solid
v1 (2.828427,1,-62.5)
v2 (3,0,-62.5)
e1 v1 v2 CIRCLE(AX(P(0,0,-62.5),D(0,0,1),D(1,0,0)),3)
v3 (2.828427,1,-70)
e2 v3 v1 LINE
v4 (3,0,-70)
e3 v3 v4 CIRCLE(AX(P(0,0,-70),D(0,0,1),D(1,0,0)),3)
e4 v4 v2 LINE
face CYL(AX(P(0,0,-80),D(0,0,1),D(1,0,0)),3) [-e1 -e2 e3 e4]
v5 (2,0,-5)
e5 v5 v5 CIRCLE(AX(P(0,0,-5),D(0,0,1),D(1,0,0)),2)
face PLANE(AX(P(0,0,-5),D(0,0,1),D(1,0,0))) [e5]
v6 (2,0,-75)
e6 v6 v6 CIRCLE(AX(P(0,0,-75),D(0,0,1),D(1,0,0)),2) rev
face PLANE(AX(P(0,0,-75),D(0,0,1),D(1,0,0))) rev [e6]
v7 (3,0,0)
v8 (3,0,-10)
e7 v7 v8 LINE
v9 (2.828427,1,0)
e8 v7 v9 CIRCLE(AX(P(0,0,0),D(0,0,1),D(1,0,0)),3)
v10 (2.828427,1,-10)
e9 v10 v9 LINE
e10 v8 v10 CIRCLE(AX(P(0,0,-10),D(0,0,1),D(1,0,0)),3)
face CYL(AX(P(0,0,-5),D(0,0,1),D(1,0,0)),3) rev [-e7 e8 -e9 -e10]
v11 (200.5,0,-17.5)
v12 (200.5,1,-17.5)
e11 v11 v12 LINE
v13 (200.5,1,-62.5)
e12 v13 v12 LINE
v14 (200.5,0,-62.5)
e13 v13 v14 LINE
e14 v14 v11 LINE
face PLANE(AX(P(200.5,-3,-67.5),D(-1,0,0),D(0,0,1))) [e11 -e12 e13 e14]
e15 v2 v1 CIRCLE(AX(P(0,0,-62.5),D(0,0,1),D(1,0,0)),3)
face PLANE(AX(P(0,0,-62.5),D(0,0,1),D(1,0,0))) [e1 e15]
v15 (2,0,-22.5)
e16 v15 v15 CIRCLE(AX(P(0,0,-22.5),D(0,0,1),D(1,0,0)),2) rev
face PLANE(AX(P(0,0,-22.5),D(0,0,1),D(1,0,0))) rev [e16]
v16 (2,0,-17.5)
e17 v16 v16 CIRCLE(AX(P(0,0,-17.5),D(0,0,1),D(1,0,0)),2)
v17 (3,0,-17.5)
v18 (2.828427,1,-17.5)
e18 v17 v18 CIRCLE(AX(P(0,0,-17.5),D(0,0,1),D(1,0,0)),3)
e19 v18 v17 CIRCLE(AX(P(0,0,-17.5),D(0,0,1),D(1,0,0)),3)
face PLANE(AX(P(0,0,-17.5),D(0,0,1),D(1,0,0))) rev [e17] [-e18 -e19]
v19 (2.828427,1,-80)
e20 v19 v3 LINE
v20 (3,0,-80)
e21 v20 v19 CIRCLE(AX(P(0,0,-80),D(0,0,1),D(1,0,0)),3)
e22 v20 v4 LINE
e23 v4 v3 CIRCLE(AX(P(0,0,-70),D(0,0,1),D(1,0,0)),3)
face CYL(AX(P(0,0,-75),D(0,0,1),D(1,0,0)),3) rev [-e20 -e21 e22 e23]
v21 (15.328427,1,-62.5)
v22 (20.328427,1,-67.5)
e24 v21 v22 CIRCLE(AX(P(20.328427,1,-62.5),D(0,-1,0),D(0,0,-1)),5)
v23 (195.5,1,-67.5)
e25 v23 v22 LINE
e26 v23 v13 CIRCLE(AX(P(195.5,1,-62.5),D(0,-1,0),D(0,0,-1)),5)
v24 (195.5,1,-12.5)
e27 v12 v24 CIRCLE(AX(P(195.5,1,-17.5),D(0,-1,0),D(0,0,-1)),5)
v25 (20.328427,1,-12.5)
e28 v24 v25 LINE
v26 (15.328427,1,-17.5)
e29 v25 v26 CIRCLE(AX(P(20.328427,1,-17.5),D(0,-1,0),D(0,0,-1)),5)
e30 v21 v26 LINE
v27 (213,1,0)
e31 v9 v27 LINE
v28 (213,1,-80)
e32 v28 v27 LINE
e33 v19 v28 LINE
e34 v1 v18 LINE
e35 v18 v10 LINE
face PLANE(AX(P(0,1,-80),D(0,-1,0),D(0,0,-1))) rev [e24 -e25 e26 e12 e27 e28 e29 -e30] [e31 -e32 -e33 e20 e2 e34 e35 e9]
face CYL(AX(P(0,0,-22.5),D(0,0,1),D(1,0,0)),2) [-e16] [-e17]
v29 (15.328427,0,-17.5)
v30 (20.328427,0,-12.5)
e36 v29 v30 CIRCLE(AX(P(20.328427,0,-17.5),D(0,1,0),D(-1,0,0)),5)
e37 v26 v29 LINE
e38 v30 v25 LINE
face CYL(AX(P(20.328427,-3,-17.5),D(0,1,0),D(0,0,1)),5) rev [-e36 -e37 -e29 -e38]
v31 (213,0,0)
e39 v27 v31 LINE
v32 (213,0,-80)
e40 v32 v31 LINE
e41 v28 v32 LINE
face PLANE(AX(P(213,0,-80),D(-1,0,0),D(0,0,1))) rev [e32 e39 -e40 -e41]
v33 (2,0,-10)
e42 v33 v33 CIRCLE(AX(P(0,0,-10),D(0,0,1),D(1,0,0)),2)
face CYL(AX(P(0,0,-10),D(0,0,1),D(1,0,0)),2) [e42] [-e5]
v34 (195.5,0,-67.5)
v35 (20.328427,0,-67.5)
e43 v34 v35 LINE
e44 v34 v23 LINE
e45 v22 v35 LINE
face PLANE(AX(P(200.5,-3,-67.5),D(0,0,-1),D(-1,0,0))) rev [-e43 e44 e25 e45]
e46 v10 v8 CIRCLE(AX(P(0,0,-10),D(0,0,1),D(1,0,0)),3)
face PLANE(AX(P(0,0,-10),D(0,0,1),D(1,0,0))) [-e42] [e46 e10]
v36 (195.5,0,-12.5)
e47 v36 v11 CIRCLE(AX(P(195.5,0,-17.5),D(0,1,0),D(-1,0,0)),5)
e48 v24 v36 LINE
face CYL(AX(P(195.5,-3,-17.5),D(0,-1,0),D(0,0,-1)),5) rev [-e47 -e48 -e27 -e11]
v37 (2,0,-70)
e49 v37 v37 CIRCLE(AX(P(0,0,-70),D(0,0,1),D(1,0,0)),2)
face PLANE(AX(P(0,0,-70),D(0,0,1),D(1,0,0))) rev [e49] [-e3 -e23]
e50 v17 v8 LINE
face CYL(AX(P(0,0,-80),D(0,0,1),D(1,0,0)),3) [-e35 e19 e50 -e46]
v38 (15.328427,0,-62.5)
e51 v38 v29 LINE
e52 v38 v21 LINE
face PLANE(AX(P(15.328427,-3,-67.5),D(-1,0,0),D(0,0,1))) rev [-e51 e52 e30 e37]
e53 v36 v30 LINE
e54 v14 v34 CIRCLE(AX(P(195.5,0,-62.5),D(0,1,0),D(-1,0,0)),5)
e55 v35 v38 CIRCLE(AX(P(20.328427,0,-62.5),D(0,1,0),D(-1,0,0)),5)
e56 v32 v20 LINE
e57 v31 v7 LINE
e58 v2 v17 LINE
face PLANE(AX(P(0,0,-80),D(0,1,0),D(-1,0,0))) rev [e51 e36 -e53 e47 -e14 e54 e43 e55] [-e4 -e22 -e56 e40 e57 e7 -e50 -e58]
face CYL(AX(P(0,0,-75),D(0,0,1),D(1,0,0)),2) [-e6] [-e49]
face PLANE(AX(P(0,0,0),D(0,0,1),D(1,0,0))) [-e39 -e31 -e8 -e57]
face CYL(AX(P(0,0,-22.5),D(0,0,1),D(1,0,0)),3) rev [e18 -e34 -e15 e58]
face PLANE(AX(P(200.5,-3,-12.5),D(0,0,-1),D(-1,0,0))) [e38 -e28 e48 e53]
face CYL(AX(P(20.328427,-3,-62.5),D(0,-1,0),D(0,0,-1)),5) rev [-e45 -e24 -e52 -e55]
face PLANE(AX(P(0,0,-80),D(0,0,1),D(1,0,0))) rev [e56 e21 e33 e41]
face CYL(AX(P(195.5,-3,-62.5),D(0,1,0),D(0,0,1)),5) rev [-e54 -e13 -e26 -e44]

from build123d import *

# Parameters (mm, degrees)
SKETCH3_R           = 2
BOSS_EXTRUDE2_DEPTH = 80
SKETCH3_18_R        = 3
SKETCH3_18_R_2      = 2
CUT_EXTRUDE1_DEPTH  = 5
BOSS_EXTRUDE3_START = -5
SKETCH3_19_R        = 2
BOSS_EXTRUDE3_DEPTH = 75
CUT_EXTRUDE2_START  = -5
SKETCH3_20_R        = 3
SKETCH3_20_R_2      = 2
CUT_EXTRUDE2_DEPTH  = 5
CUT_EXTRUDE3_START  = -17.5
SKETCH3_21_R        = 3
SKETCH3_21_R_2      = 2
CUT_EXTRUDE3_DEPTH  = 5
CUT_EXTRUDE4_START  = -22.5
SKETCH3_22_R        = 3
CUT_EXTRUDE4_DEPTH  = 35
CUT_EXTRUDE5_START  = -57.5
SKETCH3_23_R        = 3
SKETCH3_23_R_2      = 2
CUT_EXTRUDE5_DEPTH  = 5
CUT_EXTRUDE8_START  = -70
SKETCH3_26_R        = 3
SKETCH3_26_R_2      = 2
CUT_EXTRUDE8_DEPTH  = 5
CUT_EXTRUDE9_START  = -75
SKETCH3_27_R        = 3
CUT_EXTRUDE9_DEPTH  = 5
SKETCH4_W           = 185.171572875
SKETCH4_H           = 55
CUT_EXTRUDE10_DEPTH = 228.563178041
CUT_EXTRUDE11_START = -57.5
SKETCH3_28_R        = 2
CUT_EXTRUDE11_DEPTH = 5
FILLET4_R           = 5


with BuildPart() as part:
    # Sketch3 → Boss-Extrude2 (new body)
    with BuildSketch(Plane.XY):
        with BuildLine():
            ThreePointArc((2.828427125, 1), (-2.956795679, -0.507305936), (3, 0))
            Line((3, 0), (213, 0))
            Line((213, 0), (213, 1))
            Line((213, 1), (2.828427125, 1))
        make_face()
        Circle(SKETCH3_R, mode=Mode.SUBTRACT)
    extrude(amount=-BOSS_EXTRUDE2_DEPTH)

    # Sketch3<18> → Cut-Extrude1 (cut)
    with BuildSketch(Plane.XY):
        Circle(SKETCH3_18_R)
        Circle(SKETCH3_18_R_2, mode=Mode.SUBTRACT)
    extrude(amount=-CUT_EXTRUDE1_DEPTH, mode=Mode.SUBTRACT)

    # Sketch3<19> → Boss-Extrude3 (add)
    with BuildSketch(Plane.XY.offset(BOSS_EXTRUDE3_START)):
        Circle(SKETCH3_19_R)
    extrude(amount=-BOSS_EXTRUDE3_DEPTH)

    # Sketch3<20> → Cut-Extrude2 (cut)
    with BuildSketch(Plane.XY.offset(CUT_EXTRUDE2_START)):
        Circle(SKETCH3_20_R)
        Circle(SKETCH3_20_R_2, mode=Mode.SUBTRACT)
    extrude(amount=-CUT_EXTRUDE2_DEPTH, mode=Mode.SUBTRACT)

    # Sketch3<21> → Cut-Extrude3 (cut)
    with BuildSketch(Plane.XY.offset(CUT_EXTRUDE3_START)):
        Circle(SKETCH3_21_R)
        Circle(SKETCH3_21_R_2, mode=Mode.SUBTRACT)
    extrude(amount=-CUT_EXTRUDE3_DEPTH, mode=Mode.SUBTRACT)

    # Sketch3<22> → Cut-Extrude4 (cut)
    with BuildSketch(Plane.XY.offset(CUT_EXTRUDE4_START)):
        Circle(SKETCH3_22_R)
    extrude(amount=-CUT_EXTRUDE4_DEPTH, mode=Mode.SUBTRACT)

    # Sketch3<23> → Cut-Extrude5 (cut)
    with BuildSketch(Plane.XY.offset(CUT_EXTRUDE5_START)):
        Circle(SKETCH3_23_R)
        Circle(SKETCH3_23_R_2, mode=Mode.SUBTRACT)
    extrude(amount=-CUT_EXTRUDE5_DEPTH, mode=Mode.SUBTRACT)

    # Sketch3<26> → Cut-Extrude8 (cut)
    with BuildSketch(Plane.XY.offset(CUT_EXTRUDE8_START)):
        Circle(SKETCH3_26_R)
        Circle(SKETCH3_26_R_2, mode=Mode.SUBTRACT)
    extrude(amount=-CUT_EXTRUDE8_DEPTH, mode=Mode.SUBTRACT)

    # Sketch3<27> → Cut-Extrude9 (cut)
    with BuildSketch(Plane.XY.offset(CUT_EXTRUDE9_START)):
        Circle(SKETCH3_27_R)
    extrude(amount=-CUT_EXTRUDE9_DEPTH, mode=Mode.SUBTRACT)

    # Sketch4 → Cut-Extrude10 (cut, through all)
    with BuildSketch(Plane(origin=(0, 1, 0), x_dir=(1, 0, 0), z_dir=(0, 1, 0))):
        with Locations((107.914213562, 40)):
            Rectangle(SKETCH4_W, SKETCH4_H)
    extrude(amount=-CUT_EXTRUDE10_DEPTH, mode=Mode.SUBTRACT)

    # Sketch3<28> → Cut-Extrude11 (cut)
    with BuildSketch(Plane.XY.offset(CUT_EXTRUDE11_START)):
        Circle(SKETCH3_28_R)
    extrude(amount=-CUT_EXTRUDE11_DEPTH, mode=Mode.SUBTRACT)

    # Fillet4
    fillet4_edges = [part.edges().sort_by_distance(p)[0] for p in [
        (200.5, 0.5, -12.5),
        (200.5, 0.5, -67.5),
        (15.328427125, 0.5, -12.5),
        (15.328427125, 0.5, -67.5),
    ]]
    fillet(fillet4_edges, radius=FILLET4_R)


solid = part.part
